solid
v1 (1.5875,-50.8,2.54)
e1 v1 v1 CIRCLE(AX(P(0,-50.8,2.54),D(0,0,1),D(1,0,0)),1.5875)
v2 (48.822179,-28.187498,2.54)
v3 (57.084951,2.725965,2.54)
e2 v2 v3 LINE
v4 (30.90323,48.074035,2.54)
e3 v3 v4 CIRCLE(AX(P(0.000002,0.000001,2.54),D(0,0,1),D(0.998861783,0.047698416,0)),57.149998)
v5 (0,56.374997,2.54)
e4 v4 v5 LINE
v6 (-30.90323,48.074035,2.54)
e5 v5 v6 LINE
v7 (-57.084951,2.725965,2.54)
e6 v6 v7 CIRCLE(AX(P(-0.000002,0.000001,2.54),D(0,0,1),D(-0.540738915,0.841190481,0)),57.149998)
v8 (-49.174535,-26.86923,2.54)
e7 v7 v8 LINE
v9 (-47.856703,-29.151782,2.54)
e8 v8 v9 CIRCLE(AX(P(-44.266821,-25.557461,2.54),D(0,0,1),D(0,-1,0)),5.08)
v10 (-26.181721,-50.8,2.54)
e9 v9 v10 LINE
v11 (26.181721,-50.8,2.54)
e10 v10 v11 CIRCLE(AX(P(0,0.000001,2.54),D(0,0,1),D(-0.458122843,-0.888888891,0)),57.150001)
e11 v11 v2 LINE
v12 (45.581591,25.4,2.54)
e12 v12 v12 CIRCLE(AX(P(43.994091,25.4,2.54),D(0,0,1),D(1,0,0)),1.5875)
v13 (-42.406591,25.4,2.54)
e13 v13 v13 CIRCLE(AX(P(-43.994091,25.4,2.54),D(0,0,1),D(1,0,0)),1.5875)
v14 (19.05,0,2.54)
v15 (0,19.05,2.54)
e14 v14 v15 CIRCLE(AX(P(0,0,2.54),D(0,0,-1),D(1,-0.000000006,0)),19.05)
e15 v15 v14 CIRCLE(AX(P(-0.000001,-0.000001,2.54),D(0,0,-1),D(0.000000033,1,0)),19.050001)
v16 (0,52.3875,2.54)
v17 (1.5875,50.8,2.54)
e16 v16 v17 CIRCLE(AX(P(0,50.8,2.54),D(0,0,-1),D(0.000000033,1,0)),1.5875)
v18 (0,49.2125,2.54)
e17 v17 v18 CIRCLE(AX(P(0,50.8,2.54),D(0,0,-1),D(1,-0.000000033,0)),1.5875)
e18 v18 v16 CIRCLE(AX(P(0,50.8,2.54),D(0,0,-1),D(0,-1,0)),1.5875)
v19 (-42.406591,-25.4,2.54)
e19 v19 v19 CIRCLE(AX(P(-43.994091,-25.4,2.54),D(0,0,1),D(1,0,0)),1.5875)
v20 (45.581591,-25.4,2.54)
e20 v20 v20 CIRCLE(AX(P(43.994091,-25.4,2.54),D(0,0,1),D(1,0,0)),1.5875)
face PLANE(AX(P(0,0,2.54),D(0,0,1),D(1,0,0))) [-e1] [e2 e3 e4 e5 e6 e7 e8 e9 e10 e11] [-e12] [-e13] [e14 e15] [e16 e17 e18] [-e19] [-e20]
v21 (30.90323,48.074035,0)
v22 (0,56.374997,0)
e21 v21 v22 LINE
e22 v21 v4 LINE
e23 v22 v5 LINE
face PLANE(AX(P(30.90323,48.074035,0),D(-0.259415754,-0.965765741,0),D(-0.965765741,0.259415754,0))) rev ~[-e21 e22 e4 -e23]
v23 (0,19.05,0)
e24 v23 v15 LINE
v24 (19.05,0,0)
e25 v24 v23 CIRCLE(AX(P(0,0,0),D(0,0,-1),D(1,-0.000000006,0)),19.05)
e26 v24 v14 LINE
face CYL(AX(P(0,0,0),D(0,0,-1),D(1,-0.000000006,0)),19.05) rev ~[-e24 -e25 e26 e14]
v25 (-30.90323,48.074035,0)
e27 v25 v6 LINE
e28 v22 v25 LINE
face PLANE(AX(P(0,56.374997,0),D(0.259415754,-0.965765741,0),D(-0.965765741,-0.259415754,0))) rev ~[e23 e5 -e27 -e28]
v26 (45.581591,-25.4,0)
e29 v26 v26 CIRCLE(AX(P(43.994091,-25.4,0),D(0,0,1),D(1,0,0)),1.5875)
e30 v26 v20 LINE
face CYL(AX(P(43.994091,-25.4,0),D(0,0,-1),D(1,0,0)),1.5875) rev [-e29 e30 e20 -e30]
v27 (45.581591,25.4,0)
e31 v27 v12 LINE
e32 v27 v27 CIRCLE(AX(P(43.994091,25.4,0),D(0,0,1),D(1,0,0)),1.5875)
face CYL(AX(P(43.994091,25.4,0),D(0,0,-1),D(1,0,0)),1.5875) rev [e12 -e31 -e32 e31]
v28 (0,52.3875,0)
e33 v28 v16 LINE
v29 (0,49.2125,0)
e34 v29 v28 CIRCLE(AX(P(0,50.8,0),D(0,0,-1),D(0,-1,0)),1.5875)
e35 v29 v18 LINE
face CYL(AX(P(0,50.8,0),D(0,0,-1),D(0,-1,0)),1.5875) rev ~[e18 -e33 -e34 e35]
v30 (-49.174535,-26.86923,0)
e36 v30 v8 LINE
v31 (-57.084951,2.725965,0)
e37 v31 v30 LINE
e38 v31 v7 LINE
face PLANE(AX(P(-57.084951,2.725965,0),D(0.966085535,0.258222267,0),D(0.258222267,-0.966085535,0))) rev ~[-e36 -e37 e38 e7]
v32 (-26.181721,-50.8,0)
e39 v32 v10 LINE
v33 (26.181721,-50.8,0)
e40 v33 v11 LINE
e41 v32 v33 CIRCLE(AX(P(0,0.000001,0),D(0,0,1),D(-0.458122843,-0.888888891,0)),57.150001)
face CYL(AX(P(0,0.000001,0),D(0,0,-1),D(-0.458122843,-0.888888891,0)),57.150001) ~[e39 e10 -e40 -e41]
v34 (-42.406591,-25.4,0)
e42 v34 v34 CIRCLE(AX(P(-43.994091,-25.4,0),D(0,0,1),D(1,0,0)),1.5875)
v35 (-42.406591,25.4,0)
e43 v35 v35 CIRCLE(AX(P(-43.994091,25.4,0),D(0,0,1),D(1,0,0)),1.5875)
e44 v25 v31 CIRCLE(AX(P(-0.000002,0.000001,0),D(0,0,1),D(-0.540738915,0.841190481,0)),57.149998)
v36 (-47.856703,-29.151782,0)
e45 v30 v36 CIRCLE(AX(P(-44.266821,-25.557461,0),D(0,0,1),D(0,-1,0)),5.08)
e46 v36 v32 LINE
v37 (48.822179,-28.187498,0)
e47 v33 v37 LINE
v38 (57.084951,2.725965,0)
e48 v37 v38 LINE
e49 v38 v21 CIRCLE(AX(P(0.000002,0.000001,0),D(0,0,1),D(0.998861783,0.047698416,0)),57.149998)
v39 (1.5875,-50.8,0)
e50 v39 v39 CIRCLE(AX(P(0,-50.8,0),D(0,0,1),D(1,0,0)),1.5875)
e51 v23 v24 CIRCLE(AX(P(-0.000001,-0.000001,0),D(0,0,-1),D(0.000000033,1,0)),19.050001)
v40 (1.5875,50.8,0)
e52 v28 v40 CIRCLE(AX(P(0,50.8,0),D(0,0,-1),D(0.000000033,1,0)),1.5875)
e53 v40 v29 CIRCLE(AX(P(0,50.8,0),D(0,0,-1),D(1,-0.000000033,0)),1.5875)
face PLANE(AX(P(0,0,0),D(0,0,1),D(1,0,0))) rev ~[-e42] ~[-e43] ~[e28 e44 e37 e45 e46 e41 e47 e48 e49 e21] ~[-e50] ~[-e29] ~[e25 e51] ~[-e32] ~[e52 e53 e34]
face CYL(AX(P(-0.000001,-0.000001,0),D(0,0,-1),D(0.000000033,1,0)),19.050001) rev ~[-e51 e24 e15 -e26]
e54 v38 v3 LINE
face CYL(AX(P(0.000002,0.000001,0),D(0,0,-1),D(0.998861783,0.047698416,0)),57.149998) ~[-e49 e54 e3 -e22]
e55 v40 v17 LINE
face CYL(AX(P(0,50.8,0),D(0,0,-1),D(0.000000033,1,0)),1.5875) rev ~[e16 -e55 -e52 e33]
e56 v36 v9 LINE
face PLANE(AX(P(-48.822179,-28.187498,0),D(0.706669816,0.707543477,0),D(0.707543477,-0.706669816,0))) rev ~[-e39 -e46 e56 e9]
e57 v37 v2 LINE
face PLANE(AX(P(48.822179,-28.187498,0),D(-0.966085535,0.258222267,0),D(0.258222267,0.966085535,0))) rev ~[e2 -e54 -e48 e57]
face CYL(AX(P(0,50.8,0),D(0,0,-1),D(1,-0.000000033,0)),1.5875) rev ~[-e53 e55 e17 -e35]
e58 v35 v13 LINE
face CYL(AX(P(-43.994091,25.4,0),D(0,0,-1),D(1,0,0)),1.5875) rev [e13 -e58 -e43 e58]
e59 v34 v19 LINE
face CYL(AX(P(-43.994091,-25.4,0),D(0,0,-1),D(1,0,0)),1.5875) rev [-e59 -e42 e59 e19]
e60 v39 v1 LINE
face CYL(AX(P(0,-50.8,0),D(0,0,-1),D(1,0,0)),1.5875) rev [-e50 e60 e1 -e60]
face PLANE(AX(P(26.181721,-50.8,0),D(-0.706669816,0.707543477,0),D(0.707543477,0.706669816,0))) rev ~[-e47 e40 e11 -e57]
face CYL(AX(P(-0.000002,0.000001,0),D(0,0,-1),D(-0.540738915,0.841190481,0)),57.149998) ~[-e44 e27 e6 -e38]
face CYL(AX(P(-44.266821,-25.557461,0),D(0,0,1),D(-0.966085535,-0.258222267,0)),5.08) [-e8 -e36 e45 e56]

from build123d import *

# Parameters (mm, degrees)
F0_R     = 1.5875
F1_DEPTH = 2.54
F2_R     = 5.08


with BuildPart() as f1:
    # F0 (on Top) → F1 (new body)
    with BuildSketch(Plane.XY):
        with BuildLine():
            Line((30.90323, 48.074035), (0, 56.374997))
            Line((0, 56.374997), (-30.90323, 48.074035))
            ThreePointArc((-30.90323, 48.074035), (-49.493352, 28.575), (-57.084951, 2.725965))
            Line((-57.084951, 2.725965), (-48.822179, -28.187498))
            Line((-48.822179, -28.187498), (-26.181721, -50.8))
            ThreePointArc((-26.181721, -50.8), (0, -57.15), (26.181721, -50.8))
            Line((26.181721, -50.8), (48.822179, -28.187498))
            Line((48.822179, -28.187498), (57.084951, 2.725965))
            ThreePointArc((57.084951, 2.725965), (49.493352, 28.575), (30.90323, 48.074035))
        make_face()
        with Locations((-43.994091, -25.4)):
            Circle(F0_R, mode=Mode.SUBTRACT)
        with Locations((0, -50.8)):
            Circle(F0_R, mode=Mode.SUBTRACT)
        with Locations((43.994091, -25.4)):
            Circle(F0_R, mode=Mode.SUBTRACT)
        with Locations((-43.994091, 25.4)):
            Circle(F0_R, mode=Mode.SUBTRACT)
        with BuildLine():
            ThreePointArc((47.625, 0), (-33.67596, -33.67596), (0, 47.625))
            ThreePointArc((0, 47.625), (33.67596, 33.67596), (47.625, 0))
        make_face(mode=Mode.SUBTRACT)
        with Locations((43.994091, 25.4)):
            Circle(F0_R, mode=Mode.SUBTRACT)
        with BuildLine():
            ThreePointArc((1.5875, 50.8), (1.122532, 49.677468), (0, 49.2125))
            ThreePointArc((0, 49.2125), (-1.5875, 50.8), (0, 52.3875))
            ThreePointArc((0, 52.3875), (1.122532, 51.922532), (1.5875, 50.8))
        make_face(mode=Mode.SUBTRACT)
        with BuildLine():
            ThreePointArc((47.625, 0), (33.67596, 33.67596), (0, 47.625))
            ThreePointArc((0, 47.625), (-33.67596, -33.67596), (47.625, 0))
        make_face()
        with BuildLine():
            ThreePointArc((19.05, 0), (-13.470384, -13.470384), (0, 19.05))
            ThreePointArc((0, 19.05), (13.470384, 13.470384), (19.05, 0))
        make_face(mode=Mode.SUBTRACT)
    extrude(amount=F1_DEPTH)

    # F2
    f2_edges = [f1.edges().sort_by_distance(p)[0] for p in [
        (-48.822179, -28.187498, 1.27),
    ]]
    fillet(f2_edges, radius=F2_R)


solid = f1.part
